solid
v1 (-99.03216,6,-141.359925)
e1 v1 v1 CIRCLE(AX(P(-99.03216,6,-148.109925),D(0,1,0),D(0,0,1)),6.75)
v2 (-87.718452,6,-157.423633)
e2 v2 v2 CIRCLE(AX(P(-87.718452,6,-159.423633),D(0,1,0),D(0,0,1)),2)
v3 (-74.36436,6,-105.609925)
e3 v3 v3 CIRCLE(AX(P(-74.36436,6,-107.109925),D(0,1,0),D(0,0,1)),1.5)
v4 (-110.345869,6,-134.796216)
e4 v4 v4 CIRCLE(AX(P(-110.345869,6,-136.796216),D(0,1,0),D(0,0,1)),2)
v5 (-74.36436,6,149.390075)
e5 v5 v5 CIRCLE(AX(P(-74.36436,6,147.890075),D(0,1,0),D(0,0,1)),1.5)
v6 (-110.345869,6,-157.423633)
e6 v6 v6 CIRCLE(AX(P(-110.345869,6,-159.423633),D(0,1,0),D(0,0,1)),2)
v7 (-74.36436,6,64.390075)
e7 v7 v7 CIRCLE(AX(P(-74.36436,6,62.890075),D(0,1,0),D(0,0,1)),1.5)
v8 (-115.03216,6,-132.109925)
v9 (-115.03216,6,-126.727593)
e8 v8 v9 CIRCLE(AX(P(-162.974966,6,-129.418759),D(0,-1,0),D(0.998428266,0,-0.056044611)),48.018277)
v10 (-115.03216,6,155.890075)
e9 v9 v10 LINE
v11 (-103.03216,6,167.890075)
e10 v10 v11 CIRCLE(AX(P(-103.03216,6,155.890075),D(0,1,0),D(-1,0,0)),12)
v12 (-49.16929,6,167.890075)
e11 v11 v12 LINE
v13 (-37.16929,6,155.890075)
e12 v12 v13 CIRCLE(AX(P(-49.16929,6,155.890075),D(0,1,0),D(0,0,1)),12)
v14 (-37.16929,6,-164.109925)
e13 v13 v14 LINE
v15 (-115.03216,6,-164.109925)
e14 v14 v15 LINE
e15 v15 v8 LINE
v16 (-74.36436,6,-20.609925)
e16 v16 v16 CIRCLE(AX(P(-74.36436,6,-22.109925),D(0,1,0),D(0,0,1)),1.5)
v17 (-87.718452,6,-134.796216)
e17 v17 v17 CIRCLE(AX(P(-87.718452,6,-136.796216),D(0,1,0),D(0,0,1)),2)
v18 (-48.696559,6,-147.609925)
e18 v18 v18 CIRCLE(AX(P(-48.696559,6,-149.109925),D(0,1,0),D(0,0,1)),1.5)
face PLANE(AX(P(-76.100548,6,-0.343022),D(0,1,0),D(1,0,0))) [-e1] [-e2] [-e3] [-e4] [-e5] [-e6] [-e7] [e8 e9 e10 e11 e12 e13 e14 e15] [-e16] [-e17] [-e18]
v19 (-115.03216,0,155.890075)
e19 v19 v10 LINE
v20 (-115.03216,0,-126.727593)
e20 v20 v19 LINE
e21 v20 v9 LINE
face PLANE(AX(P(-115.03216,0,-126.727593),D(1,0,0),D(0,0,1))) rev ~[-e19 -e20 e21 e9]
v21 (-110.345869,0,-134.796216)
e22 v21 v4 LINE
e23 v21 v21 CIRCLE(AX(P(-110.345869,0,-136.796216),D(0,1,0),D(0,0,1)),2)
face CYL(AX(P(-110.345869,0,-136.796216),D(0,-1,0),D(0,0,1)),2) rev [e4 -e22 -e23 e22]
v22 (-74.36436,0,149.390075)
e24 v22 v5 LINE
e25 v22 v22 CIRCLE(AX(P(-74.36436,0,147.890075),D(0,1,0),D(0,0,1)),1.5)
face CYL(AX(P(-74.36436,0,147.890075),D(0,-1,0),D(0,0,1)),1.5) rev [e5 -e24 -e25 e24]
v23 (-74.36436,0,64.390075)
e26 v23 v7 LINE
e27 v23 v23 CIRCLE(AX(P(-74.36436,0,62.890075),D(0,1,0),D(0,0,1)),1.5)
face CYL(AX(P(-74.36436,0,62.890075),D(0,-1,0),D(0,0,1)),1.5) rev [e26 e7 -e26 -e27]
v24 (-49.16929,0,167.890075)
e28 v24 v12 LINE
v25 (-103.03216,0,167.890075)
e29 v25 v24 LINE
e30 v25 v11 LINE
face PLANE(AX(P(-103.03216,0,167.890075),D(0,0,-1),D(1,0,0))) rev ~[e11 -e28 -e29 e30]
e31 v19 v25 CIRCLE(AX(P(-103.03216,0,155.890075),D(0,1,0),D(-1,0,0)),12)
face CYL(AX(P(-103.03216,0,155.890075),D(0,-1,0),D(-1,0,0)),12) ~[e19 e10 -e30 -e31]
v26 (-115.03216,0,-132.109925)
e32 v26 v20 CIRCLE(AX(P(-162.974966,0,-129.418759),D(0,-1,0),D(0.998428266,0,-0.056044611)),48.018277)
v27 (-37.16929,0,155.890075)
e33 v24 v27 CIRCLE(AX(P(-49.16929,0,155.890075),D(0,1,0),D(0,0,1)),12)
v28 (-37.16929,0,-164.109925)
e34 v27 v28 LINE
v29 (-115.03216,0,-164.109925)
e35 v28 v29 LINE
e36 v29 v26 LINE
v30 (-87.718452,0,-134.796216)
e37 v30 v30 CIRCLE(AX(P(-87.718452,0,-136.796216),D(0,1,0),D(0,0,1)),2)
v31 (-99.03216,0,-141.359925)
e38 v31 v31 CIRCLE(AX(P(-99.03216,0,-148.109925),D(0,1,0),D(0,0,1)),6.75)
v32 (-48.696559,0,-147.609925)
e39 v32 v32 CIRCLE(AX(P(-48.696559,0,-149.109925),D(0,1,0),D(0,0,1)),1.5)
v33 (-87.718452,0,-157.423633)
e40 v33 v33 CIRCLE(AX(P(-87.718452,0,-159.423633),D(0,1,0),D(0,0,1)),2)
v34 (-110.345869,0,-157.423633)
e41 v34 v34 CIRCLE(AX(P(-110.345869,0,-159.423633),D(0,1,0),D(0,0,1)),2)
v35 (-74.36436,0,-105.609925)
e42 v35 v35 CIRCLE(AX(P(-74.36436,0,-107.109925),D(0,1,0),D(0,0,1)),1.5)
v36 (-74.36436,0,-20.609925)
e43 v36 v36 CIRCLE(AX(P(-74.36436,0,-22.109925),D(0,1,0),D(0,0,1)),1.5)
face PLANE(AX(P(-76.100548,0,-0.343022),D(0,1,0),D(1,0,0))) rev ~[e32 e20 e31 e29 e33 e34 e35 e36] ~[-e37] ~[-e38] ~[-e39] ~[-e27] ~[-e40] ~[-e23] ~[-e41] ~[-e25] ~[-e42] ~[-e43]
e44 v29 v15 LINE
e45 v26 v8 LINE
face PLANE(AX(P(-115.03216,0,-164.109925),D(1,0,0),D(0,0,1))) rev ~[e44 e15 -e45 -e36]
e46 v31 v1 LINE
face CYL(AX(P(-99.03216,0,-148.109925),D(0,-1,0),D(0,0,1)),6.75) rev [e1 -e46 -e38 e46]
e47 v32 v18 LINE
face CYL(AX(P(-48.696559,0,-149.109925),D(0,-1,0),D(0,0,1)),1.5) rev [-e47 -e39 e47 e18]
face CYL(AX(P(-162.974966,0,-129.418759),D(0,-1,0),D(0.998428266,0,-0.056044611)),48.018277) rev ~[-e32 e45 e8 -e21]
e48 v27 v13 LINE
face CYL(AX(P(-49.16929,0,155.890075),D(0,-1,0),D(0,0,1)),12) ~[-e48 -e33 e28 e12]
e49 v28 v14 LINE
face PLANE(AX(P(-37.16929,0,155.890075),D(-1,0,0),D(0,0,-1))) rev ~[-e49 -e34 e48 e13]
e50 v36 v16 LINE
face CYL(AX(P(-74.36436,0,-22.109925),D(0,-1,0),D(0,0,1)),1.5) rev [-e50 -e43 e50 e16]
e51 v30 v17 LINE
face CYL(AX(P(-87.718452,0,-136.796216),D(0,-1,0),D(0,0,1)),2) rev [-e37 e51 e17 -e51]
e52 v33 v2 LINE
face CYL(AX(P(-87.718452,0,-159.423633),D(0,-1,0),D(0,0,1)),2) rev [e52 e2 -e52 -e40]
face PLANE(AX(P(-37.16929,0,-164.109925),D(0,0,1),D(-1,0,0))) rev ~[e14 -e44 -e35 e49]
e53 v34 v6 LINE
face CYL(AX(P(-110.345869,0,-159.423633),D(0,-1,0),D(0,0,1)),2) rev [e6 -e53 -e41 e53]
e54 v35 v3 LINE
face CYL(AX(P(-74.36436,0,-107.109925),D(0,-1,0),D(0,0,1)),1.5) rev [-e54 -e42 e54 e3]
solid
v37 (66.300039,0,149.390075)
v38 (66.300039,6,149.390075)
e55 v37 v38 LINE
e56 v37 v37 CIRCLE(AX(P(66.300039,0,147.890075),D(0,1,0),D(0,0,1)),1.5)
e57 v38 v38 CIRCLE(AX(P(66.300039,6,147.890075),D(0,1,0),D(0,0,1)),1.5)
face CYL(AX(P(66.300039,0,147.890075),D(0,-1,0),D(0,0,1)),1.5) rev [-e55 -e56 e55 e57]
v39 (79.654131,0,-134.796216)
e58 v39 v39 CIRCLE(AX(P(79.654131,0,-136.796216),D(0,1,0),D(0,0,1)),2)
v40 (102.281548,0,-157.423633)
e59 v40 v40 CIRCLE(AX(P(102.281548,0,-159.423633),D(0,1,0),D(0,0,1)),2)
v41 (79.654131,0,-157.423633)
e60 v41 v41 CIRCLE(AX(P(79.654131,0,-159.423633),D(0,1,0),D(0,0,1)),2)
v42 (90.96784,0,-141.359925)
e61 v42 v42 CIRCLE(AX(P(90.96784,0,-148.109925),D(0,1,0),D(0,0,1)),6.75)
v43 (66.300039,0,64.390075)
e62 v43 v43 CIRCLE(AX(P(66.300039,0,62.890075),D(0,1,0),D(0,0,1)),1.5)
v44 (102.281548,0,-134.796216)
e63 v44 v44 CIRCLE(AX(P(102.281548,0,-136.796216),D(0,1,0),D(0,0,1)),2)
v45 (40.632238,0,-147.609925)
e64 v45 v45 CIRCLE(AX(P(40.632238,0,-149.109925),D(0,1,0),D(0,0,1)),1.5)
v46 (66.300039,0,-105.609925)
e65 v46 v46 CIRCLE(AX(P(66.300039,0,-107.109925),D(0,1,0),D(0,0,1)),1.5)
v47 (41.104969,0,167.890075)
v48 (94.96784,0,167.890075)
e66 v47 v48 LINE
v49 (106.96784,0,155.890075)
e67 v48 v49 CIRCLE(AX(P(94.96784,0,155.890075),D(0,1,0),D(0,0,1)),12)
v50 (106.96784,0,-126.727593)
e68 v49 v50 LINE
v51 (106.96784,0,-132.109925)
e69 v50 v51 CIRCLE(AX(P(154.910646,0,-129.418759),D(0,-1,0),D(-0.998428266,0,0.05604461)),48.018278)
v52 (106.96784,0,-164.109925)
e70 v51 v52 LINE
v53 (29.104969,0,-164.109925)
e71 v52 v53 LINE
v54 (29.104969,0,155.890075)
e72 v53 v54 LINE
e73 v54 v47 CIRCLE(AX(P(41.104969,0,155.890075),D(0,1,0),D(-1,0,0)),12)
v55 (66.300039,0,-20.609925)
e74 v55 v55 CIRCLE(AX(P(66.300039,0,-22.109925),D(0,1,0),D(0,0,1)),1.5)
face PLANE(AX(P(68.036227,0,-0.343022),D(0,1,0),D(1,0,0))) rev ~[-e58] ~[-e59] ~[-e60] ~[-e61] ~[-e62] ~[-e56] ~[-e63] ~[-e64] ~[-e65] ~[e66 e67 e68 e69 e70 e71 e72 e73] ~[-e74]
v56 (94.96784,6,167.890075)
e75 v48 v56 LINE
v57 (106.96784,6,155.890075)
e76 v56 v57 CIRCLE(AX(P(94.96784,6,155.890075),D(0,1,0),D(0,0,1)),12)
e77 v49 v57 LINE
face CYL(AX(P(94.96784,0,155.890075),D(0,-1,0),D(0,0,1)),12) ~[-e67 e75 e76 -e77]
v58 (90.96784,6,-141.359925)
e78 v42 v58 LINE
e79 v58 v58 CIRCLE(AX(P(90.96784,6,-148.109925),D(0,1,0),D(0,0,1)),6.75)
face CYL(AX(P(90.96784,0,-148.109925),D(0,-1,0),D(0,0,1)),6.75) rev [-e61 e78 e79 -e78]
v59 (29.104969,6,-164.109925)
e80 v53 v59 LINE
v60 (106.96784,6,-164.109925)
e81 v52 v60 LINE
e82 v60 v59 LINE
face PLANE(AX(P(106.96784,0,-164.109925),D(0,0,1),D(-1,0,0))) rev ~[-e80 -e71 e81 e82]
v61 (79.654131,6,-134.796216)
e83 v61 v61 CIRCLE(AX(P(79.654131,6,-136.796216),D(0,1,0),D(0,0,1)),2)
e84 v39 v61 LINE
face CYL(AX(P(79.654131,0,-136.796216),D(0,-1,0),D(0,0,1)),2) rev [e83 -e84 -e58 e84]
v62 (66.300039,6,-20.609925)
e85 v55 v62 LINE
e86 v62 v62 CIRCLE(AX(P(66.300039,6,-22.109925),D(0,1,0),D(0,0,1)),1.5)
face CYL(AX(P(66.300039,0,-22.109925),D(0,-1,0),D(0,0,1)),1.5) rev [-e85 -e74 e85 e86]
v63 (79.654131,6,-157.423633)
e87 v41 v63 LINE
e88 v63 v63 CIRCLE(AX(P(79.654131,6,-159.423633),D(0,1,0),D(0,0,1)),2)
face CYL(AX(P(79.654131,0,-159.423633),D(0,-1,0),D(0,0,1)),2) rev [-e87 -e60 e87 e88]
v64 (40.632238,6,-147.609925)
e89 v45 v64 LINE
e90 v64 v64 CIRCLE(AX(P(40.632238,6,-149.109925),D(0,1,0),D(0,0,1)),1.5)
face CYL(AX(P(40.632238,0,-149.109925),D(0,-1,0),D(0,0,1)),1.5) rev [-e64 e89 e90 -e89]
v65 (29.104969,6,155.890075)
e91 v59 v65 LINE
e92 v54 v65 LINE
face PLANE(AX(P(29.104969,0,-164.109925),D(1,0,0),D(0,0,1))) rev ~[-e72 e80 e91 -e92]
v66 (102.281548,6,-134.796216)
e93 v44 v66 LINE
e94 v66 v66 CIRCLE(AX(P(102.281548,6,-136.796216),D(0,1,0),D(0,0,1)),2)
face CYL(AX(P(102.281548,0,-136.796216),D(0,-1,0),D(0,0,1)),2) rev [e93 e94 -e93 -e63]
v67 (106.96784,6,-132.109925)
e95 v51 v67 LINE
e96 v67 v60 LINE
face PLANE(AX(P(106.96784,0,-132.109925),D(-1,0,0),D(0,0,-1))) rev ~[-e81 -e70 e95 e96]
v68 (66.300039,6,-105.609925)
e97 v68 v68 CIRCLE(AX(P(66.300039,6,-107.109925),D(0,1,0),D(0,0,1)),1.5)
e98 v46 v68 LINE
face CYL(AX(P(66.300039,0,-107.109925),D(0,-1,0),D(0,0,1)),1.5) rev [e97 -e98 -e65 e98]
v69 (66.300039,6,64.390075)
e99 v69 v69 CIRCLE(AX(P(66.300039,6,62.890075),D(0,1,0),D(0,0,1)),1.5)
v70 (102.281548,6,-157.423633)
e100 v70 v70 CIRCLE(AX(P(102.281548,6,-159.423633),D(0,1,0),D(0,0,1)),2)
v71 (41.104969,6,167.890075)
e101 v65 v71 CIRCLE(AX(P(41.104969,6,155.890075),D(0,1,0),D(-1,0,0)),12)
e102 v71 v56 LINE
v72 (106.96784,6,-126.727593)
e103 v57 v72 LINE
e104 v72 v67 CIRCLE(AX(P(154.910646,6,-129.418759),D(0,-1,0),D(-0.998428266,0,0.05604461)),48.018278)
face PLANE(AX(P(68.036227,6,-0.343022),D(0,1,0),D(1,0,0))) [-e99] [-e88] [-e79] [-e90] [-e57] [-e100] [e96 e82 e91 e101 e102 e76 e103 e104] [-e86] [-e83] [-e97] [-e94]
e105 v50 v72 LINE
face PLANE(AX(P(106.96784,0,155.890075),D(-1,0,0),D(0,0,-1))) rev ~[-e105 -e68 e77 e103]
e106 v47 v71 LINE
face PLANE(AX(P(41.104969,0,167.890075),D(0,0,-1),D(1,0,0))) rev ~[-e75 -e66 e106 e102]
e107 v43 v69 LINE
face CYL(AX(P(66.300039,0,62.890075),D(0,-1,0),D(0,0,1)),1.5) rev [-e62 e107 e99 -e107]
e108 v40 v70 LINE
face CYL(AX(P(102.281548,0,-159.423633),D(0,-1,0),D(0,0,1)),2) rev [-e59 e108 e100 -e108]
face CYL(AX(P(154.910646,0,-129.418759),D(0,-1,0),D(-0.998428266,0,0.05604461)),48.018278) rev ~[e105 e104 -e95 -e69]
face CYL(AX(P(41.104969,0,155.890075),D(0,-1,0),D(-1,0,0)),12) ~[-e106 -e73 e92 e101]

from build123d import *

# Parameters (mm, degrees)
CROQUIS1_R                = 1.5
CROQUIS1_R_2              = 2
CROQUIS1_R_3              = 6.75
SALIENTE_EXTRUIR1_DEPTH   = 6
SALIENTE_EXTRUIR1_2_DEPTH = 6


with BuildPart() as part:
    # Croquis1 → Saliente-Extruir1 (new body)
    with BuildSketch(Plane(origin=(0, 0, 0), x_dir=(1, 0, 0), z_dir=(0, 1, 0))):
        with BuildLine():
            Line((106.967839575, 132.109924801), (106.967839575, 164.109924801))
            Line((106.967839575, 164.109924801), (29.104968861, 164.109924801))
            Line((29.104968861, 164.109924801), (29.104968861, -155.890075199))
            ThreePointArc((29.104968861, -155.890075199), (32.619687487, -164.375356573), (41.104968861, -167.890075199))
            Line((41.104968861, -167.890075199), (94.967839575, -167.890075199))
            ThreePointArc((94.967839575, -167.890075199), (103.45312095, -164.375356573), (106.967839575, -155.890075199))
            Line((106.967839575, -155.890075199), (106.967839575, 126.727593434))
            ThreePointArc((106.967839575, 126.727593434), (106.892367598, 129.418759117), (106.967839575, 132.109924801))
        make_face()
        with Locations(Location((66.300038828, -147.890075199, 0), (0, 0, 270))):
            Circle(CROQUIS1_R, mode=Mode.SUBTRACT)
        with Locations(Location((66.300038828, -62.890075199, 0), (0, 0, 270))):
            Circle(CROQUIS1_R, mode=Mode.SUBTRACT)
        with Locations(Location((66.300038828, 22.109924801, 0), (0, 0, 270))):
            Circle(CROQUIS1_R, mode=Mode.SUBTRACT)
        with Locations(Location((40.63223808, 149.109924801, 0), (0, 0, 270))):
            Circle(CROQUIS1_R, mode=Mode.SUBTRACT)
        with Locations(Location((66.300038828, 107.109924801, 0), (0, 0, 270))):
            Circle(CROQUIS1_R, mode=Mode.SUBTRACT)
        with Locations(Location((79.654131076, 136.796216302, 0), (0, 0, 270))):
            Circle(CROQUIS1_R_2, mode=Mode.SUBTRACT)
        with Locations(Location((102.281548074, 136.796216302, 0), (0, 0, 270))):
            Circle(CROQUIS1_R_2, mode=Mode.SUBTRACT)
        with Locations(Location((90.967839575, 148.109924801, 0), (0, 0, 270))):
            Circle(CROQUIS1_R_3, mode=Mode.SUBTRACT)
        with Locations(Location((79.654131076, 159.4236333, 0), (0, 0, 270))):
            Circle(CROQUIS1_R_2, mode=Mode.SUBTRACT)
        with Locations(Location((102.281548074, 159.4236333, 0), (0, 0, 270))):
            Circle(CROQUIS1_R_2, mode=Mode.SUBTRACT)
    extrude(amount=SALIENTE_EXTRUIR1_DEPTH)


with BuildPart() as body_2:
    # Croquis1 → Saliente-Extruir1 2 (new body)
    with BuildSketch(Plane(origin=(0, 0, 0), x_dir=(1, 0, 0), z_dir=(0, 1, 0))):
        with BuildLine():
            Line((-37.16928971, 164.109924801), (-115.032160425, 164.109924801))
            Line((-115.032160425, 164.109924801), (-115.032160425, 132.109924801))
            ThreePointArc((-115.032160425, 132.109924801), (-114.956688447, 129.418759117), (-115.032160425, 126.727593433))
            Line((-115.032160425, 126.727593433), (-115.032160425, -155.890075199))
            ThreePointArc((-115.032160425, -155.890075199), (-111.517441799, -164.375356573), (-103.032160425, -167.890075199))
            Line((-103.032160425, -167.890075199), (-49.16928971, -167.890075199))
            ThreePointArc((-49.16928971, -167.890075199), (-40.684008336, -164.375356573), (-37.16928971, -155.890075199))
            Line((-37.16928971, -155.890075199), (-37.16928971, 164.109924801))
        make_face()
        with Locations(Location((-74.364359677, -147.890075199, 0), (0, 0, 270))):
            Circle(CROQUIS1_R, mode=Mode.SUBTRACT)
        with Locations(Location((-74.364359677, -62.890075199, 0), (0, 0, 270))):
            Circle(CROQUIS1_R, mode=Mode.SUBTRACT)
        with Locations(Location((-74.364359677, 22.109924801, 0), (0, 0, 270))):
            Circle(CROQUIS1_R, mode=Mode.SUBTRACT)
        with Locations(Location((-74.364359677, 107.109924801, 0), (0, 0, 270))):
            Circle(CROQUIS1_R, mode=Mode.SUBTRACT)
        with Locations(Location((-110.345868924, 136.796216302, 0), (0, 0, 270))):
            Circle(CROQUIS1_R_2, mode=Mode.SUBTRACT)
        with Locations(Location((-87.718451926, 136.796216302, 0), (0, 0, 270))):
            Circle(CROQUIS1_R_2, mode=Mode.SUBTRACT)
        with Locations(Location((-110.345868924, 159.4236333, 0), (0, 0, 270))):
            Circle(CROQUIS1_R_2, mode=Mode.SUBTRACT)
        with Locations(Location((-99.032160425, 148.109924801, 0), (0, 0, 270))):
            Circle(CROQUIS1_R_3, mode=Mode.SUBTRACT)
        with Locations(Location((-87.718451926, 159.4236333, 0), (0, 0, 270))):
            Circle(CROQUIS1_R_2, mode=Mode.SUBTRACT)
        with Locations(Location((-48.696558929, 149.109924801, 0), (0, 0, 270))):
            Circle(CROQUIS1_R, mode=Mode.SUBTRACT)
    extrude(amount=SALIENTE_EXTRUIR1_2_DEPTH)


solid = Compound([part.part, body_2.part])
